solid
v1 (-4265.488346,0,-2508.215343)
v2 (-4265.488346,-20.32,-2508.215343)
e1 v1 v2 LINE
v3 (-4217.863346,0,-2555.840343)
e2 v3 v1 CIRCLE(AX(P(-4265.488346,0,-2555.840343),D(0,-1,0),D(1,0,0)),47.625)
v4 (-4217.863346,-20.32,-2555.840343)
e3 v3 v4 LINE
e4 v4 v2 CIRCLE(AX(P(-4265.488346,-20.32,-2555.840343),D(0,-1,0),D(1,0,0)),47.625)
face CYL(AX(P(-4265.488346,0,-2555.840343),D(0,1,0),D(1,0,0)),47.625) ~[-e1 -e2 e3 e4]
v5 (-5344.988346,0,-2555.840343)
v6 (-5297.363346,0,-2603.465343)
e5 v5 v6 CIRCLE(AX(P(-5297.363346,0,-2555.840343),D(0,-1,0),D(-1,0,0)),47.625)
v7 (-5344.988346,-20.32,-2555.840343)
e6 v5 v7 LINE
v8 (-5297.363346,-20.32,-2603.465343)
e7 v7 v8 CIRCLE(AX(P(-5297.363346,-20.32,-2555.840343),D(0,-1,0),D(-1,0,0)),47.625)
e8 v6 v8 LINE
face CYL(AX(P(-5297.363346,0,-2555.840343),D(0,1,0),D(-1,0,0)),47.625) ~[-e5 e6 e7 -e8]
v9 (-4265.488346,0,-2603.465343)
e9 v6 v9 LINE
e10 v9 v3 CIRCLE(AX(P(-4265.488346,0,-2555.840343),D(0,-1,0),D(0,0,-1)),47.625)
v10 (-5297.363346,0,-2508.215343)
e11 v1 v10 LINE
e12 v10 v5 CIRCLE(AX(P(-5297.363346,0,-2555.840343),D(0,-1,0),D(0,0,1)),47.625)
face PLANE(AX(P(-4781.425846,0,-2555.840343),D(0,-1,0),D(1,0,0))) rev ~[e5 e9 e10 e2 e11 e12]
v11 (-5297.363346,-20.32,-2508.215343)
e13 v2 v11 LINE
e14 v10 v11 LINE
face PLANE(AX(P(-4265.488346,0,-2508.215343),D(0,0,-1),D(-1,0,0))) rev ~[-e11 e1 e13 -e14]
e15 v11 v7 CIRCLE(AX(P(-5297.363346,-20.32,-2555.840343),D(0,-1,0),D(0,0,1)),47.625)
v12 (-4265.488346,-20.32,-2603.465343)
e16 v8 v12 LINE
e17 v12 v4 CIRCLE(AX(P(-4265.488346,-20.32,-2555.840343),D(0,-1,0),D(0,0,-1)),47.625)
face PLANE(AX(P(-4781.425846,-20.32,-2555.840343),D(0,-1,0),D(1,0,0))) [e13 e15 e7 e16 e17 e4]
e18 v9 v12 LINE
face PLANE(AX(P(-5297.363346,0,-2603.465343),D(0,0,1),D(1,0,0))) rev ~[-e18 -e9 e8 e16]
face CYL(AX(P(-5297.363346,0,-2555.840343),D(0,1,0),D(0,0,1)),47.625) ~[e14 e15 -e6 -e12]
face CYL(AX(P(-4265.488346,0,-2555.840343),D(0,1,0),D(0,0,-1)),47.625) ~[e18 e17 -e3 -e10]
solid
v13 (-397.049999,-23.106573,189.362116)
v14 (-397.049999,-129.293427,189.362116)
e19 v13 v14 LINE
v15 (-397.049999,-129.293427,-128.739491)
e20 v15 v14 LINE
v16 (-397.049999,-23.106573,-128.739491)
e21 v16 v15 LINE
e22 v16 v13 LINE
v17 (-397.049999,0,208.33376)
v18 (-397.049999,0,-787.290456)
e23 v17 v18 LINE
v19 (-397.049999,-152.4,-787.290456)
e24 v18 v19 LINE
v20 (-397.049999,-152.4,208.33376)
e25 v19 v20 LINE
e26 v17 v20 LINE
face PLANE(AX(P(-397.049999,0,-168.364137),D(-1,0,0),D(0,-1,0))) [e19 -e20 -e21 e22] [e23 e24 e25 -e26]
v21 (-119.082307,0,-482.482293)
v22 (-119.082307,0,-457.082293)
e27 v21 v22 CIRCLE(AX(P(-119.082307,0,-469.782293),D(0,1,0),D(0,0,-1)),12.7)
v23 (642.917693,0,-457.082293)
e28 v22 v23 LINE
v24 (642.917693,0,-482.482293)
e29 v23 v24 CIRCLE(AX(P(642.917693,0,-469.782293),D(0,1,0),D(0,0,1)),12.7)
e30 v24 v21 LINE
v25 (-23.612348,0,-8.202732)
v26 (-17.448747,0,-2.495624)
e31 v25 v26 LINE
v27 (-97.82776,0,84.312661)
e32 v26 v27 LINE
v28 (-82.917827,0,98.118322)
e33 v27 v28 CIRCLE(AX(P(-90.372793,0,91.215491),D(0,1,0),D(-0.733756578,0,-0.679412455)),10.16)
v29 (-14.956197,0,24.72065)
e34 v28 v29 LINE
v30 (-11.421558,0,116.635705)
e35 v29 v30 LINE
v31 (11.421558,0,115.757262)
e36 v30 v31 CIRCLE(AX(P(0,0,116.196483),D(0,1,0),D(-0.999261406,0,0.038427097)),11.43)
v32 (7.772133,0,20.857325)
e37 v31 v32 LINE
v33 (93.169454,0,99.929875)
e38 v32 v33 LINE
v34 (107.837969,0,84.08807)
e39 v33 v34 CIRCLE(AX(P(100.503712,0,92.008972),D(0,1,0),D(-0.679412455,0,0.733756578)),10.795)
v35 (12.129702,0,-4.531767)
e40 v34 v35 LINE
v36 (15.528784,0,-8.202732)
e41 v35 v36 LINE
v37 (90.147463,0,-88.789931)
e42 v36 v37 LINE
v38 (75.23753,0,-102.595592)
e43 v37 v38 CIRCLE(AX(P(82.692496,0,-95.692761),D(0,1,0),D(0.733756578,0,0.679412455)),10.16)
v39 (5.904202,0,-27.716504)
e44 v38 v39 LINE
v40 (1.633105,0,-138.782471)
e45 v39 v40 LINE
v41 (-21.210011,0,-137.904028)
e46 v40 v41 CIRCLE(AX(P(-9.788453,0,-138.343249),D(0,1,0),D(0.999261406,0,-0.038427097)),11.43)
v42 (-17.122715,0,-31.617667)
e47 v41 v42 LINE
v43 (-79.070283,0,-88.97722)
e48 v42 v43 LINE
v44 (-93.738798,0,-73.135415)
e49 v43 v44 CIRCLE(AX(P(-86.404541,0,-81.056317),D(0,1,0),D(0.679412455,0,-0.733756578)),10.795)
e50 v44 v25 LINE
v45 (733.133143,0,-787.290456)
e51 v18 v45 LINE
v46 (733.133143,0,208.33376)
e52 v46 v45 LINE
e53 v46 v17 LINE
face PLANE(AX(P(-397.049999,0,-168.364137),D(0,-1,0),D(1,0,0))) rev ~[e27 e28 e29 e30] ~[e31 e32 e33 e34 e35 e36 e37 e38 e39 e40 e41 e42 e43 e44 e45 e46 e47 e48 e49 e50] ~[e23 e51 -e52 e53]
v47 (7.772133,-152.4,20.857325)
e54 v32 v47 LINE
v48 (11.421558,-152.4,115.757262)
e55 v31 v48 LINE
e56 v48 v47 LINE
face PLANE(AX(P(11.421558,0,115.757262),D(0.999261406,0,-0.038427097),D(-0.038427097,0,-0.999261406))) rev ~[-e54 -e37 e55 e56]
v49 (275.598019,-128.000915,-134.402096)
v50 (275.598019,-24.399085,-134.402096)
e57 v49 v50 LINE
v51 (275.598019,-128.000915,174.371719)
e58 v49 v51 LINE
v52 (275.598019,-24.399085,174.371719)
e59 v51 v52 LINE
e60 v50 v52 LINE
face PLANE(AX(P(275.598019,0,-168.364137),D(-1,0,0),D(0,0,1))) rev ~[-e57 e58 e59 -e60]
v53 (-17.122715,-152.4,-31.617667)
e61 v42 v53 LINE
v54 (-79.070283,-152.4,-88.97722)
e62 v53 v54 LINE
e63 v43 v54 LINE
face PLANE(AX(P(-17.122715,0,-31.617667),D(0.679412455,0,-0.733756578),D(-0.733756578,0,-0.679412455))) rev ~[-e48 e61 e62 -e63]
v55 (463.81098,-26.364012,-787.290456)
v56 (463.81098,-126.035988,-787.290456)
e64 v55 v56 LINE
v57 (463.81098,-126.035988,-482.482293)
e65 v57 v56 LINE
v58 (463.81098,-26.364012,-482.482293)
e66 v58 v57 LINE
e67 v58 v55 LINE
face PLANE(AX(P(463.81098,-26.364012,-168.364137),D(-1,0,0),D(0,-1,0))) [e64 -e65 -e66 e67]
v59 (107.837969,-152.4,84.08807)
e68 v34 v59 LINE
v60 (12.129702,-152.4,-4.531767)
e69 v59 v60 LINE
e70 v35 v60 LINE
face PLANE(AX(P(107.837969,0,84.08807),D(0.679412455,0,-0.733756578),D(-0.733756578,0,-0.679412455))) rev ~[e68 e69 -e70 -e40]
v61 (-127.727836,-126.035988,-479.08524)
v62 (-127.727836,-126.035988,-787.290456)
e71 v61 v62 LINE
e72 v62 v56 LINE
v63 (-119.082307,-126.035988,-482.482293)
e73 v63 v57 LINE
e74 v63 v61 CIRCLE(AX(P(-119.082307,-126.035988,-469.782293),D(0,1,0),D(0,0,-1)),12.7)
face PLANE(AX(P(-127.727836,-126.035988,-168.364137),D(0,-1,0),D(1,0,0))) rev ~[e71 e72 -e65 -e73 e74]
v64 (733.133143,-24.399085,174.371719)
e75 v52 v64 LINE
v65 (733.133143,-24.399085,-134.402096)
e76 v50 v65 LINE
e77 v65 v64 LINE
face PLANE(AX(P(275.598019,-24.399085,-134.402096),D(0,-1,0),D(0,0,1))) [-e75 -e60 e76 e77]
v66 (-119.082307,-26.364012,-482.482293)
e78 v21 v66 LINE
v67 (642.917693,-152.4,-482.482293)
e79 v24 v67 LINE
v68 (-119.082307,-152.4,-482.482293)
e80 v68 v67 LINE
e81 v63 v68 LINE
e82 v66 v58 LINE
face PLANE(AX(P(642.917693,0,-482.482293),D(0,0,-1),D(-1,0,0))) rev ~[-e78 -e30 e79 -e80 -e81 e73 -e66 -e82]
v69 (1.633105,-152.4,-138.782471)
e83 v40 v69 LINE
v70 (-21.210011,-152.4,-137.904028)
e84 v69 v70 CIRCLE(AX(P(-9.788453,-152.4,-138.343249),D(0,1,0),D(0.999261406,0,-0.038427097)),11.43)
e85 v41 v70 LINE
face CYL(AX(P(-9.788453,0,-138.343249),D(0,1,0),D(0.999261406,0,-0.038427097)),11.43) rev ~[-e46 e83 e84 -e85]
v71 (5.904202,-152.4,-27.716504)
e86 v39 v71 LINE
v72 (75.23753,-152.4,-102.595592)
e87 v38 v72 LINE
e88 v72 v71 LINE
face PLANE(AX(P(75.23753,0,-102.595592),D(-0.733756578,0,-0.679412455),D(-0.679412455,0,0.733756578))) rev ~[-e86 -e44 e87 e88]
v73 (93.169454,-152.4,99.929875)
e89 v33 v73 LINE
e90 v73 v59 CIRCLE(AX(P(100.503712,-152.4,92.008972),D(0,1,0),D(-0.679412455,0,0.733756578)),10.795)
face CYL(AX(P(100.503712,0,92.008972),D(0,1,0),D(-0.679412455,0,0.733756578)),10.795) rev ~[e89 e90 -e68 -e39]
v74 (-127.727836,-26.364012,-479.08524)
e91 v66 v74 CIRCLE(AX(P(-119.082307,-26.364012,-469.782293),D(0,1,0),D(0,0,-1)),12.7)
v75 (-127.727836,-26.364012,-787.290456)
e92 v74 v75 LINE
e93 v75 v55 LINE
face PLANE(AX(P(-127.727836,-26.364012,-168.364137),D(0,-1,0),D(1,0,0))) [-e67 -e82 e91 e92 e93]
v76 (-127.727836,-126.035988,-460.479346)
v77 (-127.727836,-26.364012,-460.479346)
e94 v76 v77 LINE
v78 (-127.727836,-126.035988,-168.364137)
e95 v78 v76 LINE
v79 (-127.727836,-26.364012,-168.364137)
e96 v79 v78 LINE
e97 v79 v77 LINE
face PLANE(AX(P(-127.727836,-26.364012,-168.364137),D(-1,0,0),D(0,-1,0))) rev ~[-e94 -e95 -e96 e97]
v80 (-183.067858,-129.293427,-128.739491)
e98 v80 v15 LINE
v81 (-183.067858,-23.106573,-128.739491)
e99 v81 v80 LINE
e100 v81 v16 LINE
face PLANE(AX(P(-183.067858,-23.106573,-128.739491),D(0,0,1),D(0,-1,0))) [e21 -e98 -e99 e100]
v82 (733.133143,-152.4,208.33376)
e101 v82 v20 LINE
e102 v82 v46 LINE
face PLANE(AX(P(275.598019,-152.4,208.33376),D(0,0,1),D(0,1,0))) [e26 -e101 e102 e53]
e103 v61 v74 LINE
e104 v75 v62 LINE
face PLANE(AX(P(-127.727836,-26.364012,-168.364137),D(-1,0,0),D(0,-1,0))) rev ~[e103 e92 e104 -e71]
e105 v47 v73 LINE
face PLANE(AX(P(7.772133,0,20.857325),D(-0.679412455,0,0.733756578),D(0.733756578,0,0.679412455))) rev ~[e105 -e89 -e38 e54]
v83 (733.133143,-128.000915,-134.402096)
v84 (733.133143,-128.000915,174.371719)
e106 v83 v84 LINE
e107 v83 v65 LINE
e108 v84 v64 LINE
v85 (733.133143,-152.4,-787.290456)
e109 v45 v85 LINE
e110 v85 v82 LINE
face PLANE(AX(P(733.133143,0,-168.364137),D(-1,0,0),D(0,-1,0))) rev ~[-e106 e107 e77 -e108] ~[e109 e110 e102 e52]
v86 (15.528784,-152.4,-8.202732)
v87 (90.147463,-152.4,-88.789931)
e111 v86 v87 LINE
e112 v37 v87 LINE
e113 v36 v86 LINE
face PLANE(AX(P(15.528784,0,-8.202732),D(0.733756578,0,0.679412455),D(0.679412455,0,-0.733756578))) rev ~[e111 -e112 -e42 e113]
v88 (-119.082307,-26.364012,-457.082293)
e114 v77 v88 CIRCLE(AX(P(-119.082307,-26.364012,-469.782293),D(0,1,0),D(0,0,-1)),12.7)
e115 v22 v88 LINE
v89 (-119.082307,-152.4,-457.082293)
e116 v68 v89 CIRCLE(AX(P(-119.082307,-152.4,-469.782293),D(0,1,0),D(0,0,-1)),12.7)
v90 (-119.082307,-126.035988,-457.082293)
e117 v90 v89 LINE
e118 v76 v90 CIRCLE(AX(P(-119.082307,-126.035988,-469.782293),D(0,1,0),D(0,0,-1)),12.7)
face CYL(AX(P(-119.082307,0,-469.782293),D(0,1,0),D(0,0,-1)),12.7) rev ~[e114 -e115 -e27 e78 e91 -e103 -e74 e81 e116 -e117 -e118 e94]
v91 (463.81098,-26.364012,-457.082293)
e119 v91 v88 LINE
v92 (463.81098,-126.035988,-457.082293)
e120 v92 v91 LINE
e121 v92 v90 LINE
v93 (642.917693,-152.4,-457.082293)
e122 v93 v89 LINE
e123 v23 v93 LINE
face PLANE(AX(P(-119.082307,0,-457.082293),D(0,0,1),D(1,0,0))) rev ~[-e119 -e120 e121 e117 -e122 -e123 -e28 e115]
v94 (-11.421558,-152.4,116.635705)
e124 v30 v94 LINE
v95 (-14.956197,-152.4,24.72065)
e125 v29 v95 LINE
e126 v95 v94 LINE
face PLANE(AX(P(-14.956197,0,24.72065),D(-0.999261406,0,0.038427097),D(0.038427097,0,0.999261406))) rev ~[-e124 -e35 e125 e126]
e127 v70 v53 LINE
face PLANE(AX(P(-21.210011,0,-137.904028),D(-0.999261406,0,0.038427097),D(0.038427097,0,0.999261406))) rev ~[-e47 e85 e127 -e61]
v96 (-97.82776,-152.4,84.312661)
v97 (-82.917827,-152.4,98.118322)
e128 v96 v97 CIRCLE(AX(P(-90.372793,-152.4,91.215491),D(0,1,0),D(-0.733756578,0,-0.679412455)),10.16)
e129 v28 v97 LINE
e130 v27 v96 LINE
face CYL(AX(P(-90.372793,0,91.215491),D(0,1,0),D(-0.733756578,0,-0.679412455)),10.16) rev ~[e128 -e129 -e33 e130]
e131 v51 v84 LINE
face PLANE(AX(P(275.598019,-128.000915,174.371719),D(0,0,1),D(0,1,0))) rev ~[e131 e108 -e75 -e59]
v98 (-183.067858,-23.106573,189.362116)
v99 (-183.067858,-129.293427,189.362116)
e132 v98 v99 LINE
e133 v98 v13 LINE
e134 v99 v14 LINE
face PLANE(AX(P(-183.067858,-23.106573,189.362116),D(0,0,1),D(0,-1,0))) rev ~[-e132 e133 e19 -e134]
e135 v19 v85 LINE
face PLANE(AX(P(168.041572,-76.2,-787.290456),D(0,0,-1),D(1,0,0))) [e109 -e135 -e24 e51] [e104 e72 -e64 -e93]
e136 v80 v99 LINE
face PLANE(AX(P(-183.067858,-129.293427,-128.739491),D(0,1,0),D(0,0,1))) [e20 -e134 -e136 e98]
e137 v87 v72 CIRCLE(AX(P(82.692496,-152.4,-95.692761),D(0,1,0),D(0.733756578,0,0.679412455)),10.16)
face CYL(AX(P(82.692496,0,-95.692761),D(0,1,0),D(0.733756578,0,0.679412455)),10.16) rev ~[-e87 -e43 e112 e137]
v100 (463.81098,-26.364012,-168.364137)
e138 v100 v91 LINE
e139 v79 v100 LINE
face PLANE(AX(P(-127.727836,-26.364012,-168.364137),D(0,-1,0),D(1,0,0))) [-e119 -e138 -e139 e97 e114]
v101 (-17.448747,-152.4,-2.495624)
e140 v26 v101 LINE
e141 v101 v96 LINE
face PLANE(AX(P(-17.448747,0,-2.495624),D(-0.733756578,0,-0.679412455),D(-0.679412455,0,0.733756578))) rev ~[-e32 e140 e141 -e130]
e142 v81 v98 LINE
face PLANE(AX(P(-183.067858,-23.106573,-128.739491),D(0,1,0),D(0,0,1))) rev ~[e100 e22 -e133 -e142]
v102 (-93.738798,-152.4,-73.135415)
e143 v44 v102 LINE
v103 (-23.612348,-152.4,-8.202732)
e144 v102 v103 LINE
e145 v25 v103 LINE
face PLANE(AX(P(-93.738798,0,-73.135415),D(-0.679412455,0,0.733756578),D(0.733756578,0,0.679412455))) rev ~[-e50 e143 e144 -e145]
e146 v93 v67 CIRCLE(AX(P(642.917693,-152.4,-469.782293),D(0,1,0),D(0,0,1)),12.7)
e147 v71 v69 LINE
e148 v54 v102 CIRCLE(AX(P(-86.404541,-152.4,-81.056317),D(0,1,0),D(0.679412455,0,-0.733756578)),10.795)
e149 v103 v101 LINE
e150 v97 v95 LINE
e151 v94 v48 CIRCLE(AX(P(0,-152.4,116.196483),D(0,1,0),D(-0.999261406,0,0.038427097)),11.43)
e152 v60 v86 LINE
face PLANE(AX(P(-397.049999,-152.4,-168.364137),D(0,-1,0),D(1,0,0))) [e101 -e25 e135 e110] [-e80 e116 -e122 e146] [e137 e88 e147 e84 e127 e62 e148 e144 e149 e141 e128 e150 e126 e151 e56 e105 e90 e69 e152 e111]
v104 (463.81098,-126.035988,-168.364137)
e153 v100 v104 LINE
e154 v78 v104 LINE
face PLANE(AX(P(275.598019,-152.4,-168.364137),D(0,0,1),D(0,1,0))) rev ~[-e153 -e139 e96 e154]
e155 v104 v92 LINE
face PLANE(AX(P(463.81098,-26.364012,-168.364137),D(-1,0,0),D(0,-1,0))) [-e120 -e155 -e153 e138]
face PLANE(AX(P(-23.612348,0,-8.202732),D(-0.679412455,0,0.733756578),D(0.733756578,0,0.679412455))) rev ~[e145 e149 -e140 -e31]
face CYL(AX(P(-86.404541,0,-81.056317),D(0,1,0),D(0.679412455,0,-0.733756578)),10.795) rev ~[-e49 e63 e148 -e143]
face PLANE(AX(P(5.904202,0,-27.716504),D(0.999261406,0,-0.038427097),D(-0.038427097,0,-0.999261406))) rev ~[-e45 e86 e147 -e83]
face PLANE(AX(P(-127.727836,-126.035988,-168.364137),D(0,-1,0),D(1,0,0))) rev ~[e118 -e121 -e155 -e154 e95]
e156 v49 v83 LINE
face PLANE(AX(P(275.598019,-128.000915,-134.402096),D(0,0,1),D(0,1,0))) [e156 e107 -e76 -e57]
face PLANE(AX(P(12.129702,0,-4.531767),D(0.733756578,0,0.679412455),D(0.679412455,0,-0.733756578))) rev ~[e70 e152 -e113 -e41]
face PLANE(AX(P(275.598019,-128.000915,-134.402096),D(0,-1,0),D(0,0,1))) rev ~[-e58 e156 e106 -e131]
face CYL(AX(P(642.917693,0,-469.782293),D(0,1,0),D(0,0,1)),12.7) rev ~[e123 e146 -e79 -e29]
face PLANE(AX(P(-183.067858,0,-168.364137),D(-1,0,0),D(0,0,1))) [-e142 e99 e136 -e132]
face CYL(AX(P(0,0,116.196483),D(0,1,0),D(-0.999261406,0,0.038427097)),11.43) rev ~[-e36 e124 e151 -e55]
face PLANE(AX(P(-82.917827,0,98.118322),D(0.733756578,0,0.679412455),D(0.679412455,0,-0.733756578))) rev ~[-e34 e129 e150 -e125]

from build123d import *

# Parameters (mm, degrees)
F0_W      = 458.6658775806
F0_H      = 376.6978979111
F1_DEPTH  = 152.4
F2_W      = 152.4
F2_H      = 376.6978979111
F2_W_2    = 106.1868537426
F2_H_2    = 318.1016072631
F3_DEPTH  = 213.9821406454
F4_W      = 152.4
F4_H      = 376.6978979111
F4_W_2    = 103.601830101
F4_H_2    = 308.7738156319
F5_DEPTH  = 457.5351234525
F6_W      = 1130.1831416786
F6_H      = 152.4
F6_W_2    = 591.5388166904
F6_H_2    = 99.6719766617
F7_DEPTH  = 618.9263183624
F9_DEPTH  = 152.401
F11_DEPTH = 20.32


with BuildPart() as f1:
    # F0 (on Front) → F1 (new body)
    with BuildSketch(Plane.XZ):
        with Locations((46.2650805712, 19.9848115444)):
            Rectangle(F0_W, F0_H)
        with BuildLine():
            Line((-82.9178265469, 98.1183218425), (-14.9561973089, 24.7206499518))
            Line((-14.9561973089, 24.7206499518), (-11.4215578744, 116.6357050964))
            ThreePointArc((-11.4215578744, 116.6357050964), (0.4392217227, 127.618041248), (11.4215578744, 115.7572616509))
            Line((11.4215578744, 115.7572616509), (7.7721333286, 20.857325011))
            Line((7.7721333286, 20.857325011), (93.1694541833, 99.9298747028))
            ThreePointArc((93.1694541833, 99.9298747028), (108.4246138966, 99.3432299033), (107.8379690971, 84.0880701899))
            Line((107.8379690971, 84.0880701899), (12.1297019485, -4.5317674616))
            Line((12.1297019485, -4.5317674616), (15.5287839348, -8.2027316093))
            Line((15.5287839348, -8.2027316093), (90.1474633082, -88.7899306947))
            ThreePointArc((90.1474633082, -88.7899306947), (89.5953270262, -103.147728072), (75.237529649, -102.59559179))
            Line((75.237529649, -102.59559179), (5.9042024306, -27.716503997))
            Line((5.9042024306, -27.716503997), (1.6331050901, -138.7824712224))
            ThreePointArc((1.6331050901, -138.7824712224), (-10.2276745071, -149.7648073741), (-21.2100106587, -137.9040277769))
            Line((-21.2100106587, -137.9040277769), (-17.1227154648, -31.617666719))
            Line((-17.1227154648, -31.617666719), (-79.0702834402, -88.9772196651))
            ThreePointArc((-79.0702834402, -88.9772196651), (-94.3254431535, -88.3905748655), (-93.738798354, -73.1354151522))
            Line((-93.738798354, -73.1354151522), (-23.6123482512, -8.2027316093))
            Line((-23.6123482512, -8.2027316093), (-17.4487466244, -2.495624044))
            Line((-17.4487466244, -2.495624044), (-97.827760206, 84.3126607472))
            ThreePointArc((-97.827760206, 84.3126607472), (-97.2756239241, 98.6704581245), (-82.9178265469, 98.1183218425))
        make_face(mode=Mode.SUBTRACT)
    extrude(amount=F1_DEPTH)

    # F2 (on face) → F3 (join)
    with BuildSketch(Plane(origin=(-183.0678582191, 0, 0), x_dir=(0, -1, 0), z_dir=(-1, 0, 0))):
        with Locations((76.2, 19.9848115444)):
            Rectangle(F2_W, F2_H)
        with Locations((76.2, 30.3113125265)):
            Rectangle(F2_W_2, F2_H_2, mode=Mode.SUBTRACT)
    extrude(amount=F3_DEPTH)

    # F4 (on face) → F5 (join)
    with BuildSketch(Plane.YZ.offset(275.5980193615)):
        with Locations((-76.2, 19.9848115444)):
            Rectangle(F4_W, F4_H)
        with Locations((-76.2, 19.9848115444)):
            Rectangle(F4_W_2, F4_H_2, mode=Mode.SUBTRACT)
    extrude(amount=F5_DEPTH)

    # F6 (on face) → F7 (join)
    with BuildSketch(Plane(origin=(0, 0, -168.3641374111), x_dir=(1, 0, 0), z_dir=(0, 0, -1))):
        with Locations((168.0415719748, 76.2)):
            Rectangle(F6_W, F6_H)
        with Locations((168.0415719748, 76.2)):
            Rectangle(F6_W_2, F6_H_2, mode=Mode.SUBTRACT)
    extrude(amount=F7_DEPTH)

    # F8 (on face) → F9 (cut, through all)
    with BuildSketch(Plane(origin=(0, 0, 0), x_dir=(-1, 0, 0), z_dir=(0, 1, 0))):
        with BuildLine():
            ThreePointArc((-642.9176926613, -457.0822928429), (-655.6176926613, -469.7822928429), (-642.9176926613, -482.4822928429))
            Line((-642.9176926613, -482.4822928429), (119.0823073387, -482.4822928429))
            ThreePointArc((119.0823073387, -482.4822928429), (131.7823073387, -469.7822928429), (119.0823073387, -457.0822928429))
            Line((119.0823073387, -457.0822928429), (-642.9176926613, -457.0822928429))
        make_face()
    extrude(amount=-F9_DEPTH, mode=Mode.SUBTRACT)


with BuildPart() as f11:
    # F10 (on Front) → F11 (new body)
    with BuildSketch(Plane.XZ):
        with BuildLine():
            Line((-5297.3633460999, -2603.4653430939), (-4265.4883460999, -2603.4653430939))
            ThreePointArc((-4265.4883460999, -2603.4653430939), (-4231.8123856458, -2589.5163035479), (-4217.8633460999, -2555.8403430939))
            ThreePointArc((-4217.8633460999, -2555.8403430939), (-4231.8123856458, -2522.1643826399), (-4265.4883460999, -2508.2153430939))
            Line((-4265.4883460999, -2508.2153430939), (-5297.3633460999, -2508.2153430939))
            ThreePointArc((-5297.3633460999, -2508.2153430939), (-5331.0393065539, -2522.1643826399), (-5344.9883460999, -2555.8403430939))
            ThreePointArc((-5344.9883460999, -2555.8403430939), (-5331.0393065539, -2589.5163035479), (-5297.3633460999, -2603.4653430939))
        make_face()
    extrude(amount=F11_DEPTH)


solid = Compound([f1.part, f11.part])
